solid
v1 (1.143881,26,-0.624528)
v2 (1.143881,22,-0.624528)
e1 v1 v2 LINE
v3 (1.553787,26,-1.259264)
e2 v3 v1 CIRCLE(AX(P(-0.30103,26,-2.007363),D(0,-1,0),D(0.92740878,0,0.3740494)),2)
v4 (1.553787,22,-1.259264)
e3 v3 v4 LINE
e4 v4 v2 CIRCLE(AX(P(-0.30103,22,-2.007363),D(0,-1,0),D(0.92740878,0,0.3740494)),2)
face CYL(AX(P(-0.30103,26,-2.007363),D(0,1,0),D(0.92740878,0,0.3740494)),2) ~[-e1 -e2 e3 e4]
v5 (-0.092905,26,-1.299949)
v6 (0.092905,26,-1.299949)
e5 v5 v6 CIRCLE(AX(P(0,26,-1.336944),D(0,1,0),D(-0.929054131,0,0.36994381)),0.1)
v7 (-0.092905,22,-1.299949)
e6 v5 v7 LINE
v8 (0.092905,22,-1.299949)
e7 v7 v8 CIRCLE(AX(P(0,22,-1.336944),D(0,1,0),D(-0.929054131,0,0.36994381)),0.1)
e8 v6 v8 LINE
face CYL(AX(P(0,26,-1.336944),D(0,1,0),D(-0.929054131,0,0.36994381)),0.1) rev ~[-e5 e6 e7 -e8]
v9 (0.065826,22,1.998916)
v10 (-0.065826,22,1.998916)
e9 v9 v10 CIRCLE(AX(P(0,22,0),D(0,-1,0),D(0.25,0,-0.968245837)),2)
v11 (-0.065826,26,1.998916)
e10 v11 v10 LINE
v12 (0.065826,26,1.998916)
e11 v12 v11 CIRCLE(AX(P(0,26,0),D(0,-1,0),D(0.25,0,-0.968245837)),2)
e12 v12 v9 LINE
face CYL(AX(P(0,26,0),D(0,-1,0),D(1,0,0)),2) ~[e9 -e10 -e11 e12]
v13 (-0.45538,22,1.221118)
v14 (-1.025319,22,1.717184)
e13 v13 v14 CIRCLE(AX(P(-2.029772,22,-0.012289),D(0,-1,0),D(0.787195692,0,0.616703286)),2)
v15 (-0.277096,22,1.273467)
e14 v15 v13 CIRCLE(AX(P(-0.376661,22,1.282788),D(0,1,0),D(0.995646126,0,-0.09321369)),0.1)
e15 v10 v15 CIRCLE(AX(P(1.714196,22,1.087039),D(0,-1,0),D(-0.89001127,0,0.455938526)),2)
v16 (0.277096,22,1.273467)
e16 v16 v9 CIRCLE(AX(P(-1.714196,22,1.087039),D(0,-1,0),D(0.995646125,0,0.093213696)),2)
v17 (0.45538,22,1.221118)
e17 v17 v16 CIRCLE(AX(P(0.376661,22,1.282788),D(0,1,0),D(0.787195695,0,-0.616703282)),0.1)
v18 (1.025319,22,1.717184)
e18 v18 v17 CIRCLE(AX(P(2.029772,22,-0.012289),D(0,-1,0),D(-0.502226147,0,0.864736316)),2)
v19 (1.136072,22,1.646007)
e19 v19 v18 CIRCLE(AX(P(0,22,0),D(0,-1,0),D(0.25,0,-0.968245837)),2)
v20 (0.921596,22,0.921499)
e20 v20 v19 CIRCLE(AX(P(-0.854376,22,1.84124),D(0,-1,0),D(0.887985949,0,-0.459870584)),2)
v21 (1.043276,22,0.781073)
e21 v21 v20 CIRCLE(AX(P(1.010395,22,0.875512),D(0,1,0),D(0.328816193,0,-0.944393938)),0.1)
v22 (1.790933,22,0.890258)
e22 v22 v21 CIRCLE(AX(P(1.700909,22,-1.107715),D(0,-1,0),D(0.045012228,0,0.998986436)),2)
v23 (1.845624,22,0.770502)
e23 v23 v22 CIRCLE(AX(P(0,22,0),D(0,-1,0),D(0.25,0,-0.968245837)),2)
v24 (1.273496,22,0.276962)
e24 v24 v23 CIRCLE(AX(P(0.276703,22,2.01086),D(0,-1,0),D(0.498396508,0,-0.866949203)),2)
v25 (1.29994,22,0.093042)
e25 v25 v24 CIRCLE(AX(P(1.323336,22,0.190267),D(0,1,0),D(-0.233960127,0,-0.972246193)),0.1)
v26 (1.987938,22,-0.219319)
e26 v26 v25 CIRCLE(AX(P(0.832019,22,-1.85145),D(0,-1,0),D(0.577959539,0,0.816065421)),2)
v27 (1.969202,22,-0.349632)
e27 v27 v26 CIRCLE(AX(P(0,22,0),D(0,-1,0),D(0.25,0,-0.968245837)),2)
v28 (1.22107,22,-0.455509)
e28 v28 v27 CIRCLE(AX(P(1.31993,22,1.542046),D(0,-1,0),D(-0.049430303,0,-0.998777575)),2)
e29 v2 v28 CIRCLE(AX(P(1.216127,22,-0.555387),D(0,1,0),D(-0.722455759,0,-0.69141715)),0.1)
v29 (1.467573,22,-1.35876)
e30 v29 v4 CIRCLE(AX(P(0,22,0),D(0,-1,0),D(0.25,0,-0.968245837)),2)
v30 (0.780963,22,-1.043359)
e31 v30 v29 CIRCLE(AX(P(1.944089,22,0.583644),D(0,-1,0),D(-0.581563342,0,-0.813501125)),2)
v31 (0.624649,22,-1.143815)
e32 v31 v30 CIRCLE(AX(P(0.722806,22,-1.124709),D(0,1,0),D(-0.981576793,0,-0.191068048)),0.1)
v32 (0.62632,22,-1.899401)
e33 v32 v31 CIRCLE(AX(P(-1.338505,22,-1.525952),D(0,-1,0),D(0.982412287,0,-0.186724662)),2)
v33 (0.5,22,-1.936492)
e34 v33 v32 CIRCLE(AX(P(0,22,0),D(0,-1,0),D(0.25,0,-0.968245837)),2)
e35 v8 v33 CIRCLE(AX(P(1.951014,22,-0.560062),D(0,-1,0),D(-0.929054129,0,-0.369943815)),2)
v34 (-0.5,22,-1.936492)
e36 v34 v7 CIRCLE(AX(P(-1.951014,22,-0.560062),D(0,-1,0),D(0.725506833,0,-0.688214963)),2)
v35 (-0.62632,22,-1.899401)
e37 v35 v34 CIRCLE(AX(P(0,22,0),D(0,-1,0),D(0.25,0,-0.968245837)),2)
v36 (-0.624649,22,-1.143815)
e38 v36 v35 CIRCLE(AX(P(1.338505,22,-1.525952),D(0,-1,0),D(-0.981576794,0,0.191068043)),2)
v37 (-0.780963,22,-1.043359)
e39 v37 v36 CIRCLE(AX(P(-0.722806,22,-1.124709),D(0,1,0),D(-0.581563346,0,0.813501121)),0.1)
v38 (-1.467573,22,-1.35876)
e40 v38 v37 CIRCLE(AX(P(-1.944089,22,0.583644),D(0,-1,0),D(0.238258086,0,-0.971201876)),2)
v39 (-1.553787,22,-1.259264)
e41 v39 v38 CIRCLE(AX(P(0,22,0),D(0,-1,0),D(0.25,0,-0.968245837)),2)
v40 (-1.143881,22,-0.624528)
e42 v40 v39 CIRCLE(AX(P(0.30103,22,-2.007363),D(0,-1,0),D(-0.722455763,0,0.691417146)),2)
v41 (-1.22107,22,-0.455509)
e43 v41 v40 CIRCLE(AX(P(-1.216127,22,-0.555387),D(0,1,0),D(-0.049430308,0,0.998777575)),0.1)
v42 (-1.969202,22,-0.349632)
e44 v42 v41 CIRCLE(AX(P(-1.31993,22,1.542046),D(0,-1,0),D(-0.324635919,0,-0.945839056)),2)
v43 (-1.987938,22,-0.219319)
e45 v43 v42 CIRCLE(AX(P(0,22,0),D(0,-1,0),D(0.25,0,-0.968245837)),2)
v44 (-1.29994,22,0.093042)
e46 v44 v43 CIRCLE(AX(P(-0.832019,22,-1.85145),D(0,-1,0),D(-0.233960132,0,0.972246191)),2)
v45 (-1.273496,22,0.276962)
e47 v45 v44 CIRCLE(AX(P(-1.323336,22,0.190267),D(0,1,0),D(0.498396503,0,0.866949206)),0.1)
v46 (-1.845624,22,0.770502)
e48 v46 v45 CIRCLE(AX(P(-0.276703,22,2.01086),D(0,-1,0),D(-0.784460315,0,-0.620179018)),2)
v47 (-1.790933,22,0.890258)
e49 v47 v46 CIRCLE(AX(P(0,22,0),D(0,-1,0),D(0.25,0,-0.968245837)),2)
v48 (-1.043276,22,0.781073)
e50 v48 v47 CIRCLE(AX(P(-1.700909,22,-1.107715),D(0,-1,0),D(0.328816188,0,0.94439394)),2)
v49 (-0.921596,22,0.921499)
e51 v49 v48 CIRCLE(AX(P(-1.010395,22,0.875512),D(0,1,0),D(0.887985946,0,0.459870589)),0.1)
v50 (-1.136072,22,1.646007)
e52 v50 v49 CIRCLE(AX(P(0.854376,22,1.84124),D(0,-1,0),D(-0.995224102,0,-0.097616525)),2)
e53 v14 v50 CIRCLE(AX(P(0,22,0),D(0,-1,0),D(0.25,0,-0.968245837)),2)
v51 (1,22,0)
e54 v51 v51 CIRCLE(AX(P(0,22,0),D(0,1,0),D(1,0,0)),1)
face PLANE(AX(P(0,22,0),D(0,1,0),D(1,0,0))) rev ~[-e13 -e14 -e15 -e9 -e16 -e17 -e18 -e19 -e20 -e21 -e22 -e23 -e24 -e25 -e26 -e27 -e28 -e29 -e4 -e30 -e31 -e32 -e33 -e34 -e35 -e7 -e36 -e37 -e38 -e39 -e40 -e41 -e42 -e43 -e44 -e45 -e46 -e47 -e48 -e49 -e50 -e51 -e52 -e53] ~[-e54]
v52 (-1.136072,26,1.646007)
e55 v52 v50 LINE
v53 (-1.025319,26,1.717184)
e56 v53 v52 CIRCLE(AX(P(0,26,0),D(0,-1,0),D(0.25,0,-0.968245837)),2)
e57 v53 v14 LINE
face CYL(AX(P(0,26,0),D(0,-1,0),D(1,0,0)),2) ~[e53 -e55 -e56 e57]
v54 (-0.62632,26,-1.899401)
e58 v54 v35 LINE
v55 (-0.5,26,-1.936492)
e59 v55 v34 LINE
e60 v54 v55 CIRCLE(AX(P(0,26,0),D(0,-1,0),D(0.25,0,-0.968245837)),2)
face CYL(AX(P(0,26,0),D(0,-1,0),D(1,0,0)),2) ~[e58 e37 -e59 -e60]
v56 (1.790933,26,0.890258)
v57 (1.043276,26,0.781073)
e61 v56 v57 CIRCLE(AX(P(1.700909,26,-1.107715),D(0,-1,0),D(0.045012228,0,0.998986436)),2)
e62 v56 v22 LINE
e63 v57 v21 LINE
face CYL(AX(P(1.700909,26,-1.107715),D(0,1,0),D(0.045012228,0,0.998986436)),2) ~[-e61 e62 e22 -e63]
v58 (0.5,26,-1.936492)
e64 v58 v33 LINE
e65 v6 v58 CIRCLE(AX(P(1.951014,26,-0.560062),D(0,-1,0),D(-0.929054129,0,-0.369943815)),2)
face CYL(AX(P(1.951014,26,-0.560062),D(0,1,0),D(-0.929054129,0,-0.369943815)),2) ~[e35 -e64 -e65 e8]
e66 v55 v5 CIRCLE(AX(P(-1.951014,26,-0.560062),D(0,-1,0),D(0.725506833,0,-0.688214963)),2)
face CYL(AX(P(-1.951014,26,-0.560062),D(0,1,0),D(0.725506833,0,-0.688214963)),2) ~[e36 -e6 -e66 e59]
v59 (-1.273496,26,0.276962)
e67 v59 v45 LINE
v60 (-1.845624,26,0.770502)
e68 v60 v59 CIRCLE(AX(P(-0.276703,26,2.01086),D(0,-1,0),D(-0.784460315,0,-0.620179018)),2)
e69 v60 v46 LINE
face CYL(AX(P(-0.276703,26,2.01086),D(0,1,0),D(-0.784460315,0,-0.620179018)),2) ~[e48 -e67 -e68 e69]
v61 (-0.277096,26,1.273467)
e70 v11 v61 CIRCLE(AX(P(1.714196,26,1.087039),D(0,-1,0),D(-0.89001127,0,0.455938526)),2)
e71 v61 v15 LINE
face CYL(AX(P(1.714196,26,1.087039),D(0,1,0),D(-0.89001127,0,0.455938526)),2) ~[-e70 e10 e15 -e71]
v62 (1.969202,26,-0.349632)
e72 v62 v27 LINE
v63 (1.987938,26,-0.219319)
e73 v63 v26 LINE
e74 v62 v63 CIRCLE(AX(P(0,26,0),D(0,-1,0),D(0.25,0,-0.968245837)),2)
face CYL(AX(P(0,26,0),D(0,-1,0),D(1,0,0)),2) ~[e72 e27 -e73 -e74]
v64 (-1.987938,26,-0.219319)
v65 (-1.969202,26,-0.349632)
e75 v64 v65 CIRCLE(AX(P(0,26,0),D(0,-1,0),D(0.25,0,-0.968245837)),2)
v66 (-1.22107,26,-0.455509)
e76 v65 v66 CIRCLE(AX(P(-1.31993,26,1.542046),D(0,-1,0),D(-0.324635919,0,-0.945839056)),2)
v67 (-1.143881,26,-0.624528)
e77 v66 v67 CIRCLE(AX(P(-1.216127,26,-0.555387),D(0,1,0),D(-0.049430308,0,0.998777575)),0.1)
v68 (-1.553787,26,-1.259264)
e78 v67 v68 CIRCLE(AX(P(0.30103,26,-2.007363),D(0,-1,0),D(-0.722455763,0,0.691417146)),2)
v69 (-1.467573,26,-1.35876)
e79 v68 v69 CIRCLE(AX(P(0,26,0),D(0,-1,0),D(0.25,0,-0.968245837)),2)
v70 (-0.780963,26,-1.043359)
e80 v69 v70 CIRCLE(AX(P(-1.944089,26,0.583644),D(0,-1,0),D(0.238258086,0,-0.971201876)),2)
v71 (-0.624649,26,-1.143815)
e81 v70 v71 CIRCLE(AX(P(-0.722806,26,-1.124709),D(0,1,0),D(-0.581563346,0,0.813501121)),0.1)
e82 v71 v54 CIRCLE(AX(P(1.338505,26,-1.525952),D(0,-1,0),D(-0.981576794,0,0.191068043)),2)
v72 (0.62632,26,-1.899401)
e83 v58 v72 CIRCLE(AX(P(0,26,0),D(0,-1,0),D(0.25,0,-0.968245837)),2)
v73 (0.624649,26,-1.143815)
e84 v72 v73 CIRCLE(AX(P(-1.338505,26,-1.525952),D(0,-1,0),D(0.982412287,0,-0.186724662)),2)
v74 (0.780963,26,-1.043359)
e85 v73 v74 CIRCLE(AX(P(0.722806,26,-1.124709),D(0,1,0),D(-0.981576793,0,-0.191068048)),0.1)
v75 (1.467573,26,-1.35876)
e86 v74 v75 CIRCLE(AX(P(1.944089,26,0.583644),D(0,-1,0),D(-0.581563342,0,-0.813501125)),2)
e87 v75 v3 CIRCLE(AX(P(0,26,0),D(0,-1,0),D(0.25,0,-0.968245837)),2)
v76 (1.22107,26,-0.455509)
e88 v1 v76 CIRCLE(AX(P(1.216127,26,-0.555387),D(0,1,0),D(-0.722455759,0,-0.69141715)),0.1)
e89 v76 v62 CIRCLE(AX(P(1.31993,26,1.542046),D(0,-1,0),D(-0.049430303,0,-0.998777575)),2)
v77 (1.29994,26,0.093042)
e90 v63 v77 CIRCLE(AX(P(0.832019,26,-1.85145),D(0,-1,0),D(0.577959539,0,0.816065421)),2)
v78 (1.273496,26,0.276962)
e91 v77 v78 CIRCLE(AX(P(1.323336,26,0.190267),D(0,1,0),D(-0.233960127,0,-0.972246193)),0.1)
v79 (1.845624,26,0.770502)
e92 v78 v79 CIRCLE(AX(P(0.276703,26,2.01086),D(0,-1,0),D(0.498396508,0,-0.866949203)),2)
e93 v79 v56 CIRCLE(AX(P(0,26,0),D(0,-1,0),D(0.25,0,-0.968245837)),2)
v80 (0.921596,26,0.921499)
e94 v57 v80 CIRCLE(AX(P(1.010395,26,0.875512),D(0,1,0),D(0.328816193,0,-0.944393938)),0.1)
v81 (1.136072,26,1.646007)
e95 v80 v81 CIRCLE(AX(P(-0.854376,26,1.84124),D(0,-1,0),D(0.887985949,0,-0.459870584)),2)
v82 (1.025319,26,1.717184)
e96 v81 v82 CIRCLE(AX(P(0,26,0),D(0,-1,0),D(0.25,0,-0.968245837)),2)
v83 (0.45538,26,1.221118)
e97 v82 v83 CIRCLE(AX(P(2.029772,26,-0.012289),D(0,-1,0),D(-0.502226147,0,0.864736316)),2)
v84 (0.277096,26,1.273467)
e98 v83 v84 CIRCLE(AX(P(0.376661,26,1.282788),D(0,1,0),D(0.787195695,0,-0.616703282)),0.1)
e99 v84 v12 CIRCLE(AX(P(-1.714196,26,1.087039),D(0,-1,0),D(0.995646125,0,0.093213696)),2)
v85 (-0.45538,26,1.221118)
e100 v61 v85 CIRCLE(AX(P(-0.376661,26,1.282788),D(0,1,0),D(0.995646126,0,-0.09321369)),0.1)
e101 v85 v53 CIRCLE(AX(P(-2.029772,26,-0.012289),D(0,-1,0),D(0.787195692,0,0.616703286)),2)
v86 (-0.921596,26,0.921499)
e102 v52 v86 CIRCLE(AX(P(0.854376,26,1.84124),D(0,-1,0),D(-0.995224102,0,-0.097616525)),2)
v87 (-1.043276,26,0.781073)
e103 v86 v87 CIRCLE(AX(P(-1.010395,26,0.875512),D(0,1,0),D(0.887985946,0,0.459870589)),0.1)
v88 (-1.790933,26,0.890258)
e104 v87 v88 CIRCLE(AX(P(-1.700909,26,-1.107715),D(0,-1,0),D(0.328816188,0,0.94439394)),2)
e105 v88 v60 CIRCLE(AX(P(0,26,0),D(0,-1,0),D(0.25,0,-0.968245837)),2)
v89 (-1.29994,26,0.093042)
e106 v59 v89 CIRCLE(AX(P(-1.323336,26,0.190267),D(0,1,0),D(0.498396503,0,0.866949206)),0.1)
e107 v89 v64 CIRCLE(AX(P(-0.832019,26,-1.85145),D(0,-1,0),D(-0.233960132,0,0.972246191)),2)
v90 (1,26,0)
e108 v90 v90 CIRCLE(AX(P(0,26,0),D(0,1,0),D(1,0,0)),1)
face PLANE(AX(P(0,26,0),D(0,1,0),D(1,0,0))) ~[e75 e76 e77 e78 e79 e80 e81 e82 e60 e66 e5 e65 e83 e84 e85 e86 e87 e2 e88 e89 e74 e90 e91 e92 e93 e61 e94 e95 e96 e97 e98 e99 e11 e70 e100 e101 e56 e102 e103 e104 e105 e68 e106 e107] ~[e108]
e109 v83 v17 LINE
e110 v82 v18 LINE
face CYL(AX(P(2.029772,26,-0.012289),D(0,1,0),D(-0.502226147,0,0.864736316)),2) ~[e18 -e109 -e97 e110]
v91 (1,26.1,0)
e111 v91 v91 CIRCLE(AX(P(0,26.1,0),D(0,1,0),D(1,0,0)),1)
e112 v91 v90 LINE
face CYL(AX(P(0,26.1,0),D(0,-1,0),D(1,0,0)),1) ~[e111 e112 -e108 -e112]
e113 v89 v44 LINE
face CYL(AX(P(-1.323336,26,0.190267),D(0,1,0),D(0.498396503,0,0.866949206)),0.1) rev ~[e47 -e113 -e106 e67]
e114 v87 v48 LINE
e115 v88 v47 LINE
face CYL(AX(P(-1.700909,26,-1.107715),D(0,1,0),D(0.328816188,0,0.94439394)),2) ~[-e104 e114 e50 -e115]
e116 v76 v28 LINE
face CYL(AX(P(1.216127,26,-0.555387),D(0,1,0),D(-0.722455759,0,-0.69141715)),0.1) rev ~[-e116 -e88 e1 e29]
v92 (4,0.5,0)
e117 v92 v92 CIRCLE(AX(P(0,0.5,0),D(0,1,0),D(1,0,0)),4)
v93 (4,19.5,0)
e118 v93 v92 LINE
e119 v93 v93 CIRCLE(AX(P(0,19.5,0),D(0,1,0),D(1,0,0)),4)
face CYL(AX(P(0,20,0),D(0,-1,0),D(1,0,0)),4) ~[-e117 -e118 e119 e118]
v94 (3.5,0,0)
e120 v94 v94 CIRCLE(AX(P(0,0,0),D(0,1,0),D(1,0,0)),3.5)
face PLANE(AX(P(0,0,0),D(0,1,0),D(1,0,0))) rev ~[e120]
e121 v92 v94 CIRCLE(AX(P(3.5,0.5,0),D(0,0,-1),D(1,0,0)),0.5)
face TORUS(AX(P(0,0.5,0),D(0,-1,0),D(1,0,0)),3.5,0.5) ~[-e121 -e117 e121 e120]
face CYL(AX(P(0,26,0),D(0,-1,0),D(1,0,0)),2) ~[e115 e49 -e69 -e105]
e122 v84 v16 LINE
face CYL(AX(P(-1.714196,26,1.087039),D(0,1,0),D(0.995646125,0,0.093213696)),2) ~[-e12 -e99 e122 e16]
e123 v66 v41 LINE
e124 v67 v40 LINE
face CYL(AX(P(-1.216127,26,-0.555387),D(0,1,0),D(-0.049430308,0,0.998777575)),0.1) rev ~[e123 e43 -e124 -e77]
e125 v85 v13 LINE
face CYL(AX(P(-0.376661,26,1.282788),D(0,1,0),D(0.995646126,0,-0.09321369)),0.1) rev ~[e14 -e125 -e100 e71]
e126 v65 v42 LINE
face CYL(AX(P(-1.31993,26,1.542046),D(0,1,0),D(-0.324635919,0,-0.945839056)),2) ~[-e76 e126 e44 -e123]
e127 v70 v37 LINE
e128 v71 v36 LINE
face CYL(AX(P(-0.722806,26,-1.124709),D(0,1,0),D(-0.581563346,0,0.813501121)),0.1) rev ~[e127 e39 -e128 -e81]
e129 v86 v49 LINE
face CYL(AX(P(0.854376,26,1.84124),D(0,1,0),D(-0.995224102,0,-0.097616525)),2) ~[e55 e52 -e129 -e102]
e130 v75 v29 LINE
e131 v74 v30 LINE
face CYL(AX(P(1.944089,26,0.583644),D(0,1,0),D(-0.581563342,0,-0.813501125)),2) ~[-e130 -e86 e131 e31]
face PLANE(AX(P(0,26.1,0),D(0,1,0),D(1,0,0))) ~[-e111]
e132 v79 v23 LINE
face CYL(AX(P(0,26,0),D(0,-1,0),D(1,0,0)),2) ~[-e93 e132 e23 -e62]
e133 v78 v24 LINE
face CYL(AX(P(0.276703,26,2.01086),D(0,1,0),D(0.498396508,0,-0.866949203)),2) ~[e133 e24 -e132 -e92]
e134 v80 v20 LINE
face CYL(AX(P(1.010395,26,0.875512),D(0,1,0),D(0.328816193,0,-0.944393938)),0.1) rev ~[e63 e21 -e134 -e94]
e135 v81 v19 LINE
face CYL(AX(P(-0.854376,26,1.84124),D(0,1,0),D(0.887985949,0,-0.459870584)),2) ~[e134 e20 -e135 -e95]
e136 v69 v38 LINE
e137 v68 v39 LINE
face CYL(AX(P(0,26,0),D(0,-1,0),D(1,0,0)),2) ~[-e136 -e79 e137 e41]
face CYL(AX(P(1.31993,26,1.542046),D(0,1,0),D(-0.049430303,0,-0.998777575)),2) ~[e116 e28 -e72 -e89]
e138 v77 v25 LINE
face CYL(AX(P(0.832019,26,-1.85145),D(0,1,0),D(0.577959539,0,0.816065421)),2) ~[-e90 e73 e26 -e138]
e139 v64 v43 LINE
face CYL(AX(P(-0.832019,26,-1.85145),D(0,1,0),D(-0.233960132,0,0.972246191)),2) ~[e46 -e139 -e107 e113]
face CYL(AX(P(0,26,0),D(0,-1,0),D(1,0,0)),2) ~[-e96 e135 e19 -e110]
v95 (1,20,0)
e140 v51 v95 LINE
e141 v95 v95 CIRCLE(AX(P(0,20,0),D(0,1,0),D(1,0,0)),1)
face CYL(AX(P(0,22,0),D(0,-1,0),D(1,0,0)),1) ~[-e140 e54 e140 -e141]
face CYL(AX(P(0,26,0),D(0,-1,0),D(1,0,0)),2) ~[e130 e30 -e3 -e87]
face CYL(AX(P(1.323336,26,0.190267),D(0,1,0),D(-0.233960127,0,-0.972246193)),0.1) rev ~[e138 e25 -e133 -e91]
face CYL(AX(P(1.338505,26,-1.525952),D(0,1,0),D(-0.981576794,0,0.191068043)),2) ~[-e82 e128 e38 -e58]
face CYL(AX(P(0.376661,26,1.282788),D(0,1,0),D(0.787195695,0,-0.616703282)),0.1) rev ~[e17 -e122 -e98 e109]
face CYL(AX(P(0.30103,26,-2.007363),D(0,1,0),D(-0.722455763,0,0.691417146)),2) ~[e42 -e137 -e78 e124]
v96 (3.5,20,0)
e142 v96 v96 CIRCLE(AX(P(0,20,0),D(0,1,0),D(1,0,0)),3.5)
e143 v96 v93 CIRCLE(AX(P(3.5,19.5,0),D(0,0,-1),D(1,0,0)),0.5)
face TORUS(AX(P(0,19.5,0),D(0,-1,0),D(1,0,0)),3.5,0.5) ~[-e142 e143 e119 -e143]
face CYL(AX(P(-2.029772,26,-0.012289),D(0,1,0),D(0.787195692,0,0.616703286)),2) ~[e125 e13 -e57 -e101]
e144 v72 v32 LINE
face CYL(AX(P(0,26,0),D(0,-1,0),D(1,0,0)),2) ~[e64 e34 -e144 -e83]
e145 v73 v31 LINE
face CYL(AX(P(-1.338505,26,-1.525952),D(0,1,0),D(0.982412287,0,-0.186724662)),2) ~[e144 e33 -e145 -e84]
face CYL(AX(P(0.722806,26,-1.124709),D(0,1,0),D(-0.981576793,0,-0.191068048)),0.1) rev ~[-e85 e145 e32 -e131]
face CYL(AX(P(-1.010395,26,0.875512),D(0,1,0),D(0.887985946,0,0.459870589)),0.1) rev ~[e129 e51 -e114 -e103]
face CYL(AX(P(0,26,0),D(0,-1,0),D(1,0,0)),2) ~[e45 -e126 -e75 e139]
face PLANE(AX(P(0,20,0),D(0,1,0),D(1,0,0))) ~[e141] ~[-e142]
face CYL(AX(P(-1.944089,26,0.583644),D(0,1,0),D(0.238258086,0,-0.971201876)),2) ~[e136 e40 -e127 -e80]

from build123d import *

# Parameters (mm, degrees)
FILLET1_R          = 0.5
CUT_EXTRUDE1_DEPTH = 4
CIRPATTERN1_COUNT  = 11


with BuildPart() as part:
    # Sketch3 → Revolve1 (revolve)
    with BuildSketch(Plane.XY):
        Polygon((0, 0), (0, 26.1), (1, 26.1), (1, 26), (2, 26), (2, 22), (1, 22), (1, 20), (4, 20), (4, 0), align=None)
    revolve(axis=Axis((0, 0, 0), (0, 1, 0)))

    # Fillet1
    fillet1_edges = [part.edges().sort_by_distance(p)[0] for p in [
        (-4, 20, 0),
        (-4, 0, 0),
    ]]
    fillet(fillet1_edges, radius=FILLET1_R)

    # Sketch4 → Cut-Extrude1 (cut)
    with BuildSketch(Plane(origin=(0, 26, 0), x_dir=(1, 0, 0), z_dir=(0, 1, 0))):
        with BuildLine():
            ThreePointArc((-0.5, 1.936491673), (-0.266119458, 1.637619869), (-0.092905413, 1.299949383))
            ThreePointArc((-0.092905413, 1.299949383), (0, 1.236943764), (0.092905413, 1.299949383))
            ThreePointArc((0.092905413, 1.299949383), (0.266119458, 1.637619869), (0.5, 1.936491673))
            ThreePointArc((0.5, 1.936491673), (0, 2), (-0.5, 1.936491673))
        make_face()
    cut_extrude1 = extrude(amount=-CUT_EXTRUDE1_DEPTH, mode=Mode.SUBTRACT)

    # CirPattern1: Cut-Extrude1 ×11 about axis
    cirpattern1_axis = Axis((0, 0, 0), (0, 1, 0))
    for i in range(1, CIRPATTERN1_COUNT):
        add(cut_extrude1.rotate(cirpattern1_axis, i * 360 / CIRPATTERN1_COUNT), mode=Mode.SUBTRACT)


solid = part.part
